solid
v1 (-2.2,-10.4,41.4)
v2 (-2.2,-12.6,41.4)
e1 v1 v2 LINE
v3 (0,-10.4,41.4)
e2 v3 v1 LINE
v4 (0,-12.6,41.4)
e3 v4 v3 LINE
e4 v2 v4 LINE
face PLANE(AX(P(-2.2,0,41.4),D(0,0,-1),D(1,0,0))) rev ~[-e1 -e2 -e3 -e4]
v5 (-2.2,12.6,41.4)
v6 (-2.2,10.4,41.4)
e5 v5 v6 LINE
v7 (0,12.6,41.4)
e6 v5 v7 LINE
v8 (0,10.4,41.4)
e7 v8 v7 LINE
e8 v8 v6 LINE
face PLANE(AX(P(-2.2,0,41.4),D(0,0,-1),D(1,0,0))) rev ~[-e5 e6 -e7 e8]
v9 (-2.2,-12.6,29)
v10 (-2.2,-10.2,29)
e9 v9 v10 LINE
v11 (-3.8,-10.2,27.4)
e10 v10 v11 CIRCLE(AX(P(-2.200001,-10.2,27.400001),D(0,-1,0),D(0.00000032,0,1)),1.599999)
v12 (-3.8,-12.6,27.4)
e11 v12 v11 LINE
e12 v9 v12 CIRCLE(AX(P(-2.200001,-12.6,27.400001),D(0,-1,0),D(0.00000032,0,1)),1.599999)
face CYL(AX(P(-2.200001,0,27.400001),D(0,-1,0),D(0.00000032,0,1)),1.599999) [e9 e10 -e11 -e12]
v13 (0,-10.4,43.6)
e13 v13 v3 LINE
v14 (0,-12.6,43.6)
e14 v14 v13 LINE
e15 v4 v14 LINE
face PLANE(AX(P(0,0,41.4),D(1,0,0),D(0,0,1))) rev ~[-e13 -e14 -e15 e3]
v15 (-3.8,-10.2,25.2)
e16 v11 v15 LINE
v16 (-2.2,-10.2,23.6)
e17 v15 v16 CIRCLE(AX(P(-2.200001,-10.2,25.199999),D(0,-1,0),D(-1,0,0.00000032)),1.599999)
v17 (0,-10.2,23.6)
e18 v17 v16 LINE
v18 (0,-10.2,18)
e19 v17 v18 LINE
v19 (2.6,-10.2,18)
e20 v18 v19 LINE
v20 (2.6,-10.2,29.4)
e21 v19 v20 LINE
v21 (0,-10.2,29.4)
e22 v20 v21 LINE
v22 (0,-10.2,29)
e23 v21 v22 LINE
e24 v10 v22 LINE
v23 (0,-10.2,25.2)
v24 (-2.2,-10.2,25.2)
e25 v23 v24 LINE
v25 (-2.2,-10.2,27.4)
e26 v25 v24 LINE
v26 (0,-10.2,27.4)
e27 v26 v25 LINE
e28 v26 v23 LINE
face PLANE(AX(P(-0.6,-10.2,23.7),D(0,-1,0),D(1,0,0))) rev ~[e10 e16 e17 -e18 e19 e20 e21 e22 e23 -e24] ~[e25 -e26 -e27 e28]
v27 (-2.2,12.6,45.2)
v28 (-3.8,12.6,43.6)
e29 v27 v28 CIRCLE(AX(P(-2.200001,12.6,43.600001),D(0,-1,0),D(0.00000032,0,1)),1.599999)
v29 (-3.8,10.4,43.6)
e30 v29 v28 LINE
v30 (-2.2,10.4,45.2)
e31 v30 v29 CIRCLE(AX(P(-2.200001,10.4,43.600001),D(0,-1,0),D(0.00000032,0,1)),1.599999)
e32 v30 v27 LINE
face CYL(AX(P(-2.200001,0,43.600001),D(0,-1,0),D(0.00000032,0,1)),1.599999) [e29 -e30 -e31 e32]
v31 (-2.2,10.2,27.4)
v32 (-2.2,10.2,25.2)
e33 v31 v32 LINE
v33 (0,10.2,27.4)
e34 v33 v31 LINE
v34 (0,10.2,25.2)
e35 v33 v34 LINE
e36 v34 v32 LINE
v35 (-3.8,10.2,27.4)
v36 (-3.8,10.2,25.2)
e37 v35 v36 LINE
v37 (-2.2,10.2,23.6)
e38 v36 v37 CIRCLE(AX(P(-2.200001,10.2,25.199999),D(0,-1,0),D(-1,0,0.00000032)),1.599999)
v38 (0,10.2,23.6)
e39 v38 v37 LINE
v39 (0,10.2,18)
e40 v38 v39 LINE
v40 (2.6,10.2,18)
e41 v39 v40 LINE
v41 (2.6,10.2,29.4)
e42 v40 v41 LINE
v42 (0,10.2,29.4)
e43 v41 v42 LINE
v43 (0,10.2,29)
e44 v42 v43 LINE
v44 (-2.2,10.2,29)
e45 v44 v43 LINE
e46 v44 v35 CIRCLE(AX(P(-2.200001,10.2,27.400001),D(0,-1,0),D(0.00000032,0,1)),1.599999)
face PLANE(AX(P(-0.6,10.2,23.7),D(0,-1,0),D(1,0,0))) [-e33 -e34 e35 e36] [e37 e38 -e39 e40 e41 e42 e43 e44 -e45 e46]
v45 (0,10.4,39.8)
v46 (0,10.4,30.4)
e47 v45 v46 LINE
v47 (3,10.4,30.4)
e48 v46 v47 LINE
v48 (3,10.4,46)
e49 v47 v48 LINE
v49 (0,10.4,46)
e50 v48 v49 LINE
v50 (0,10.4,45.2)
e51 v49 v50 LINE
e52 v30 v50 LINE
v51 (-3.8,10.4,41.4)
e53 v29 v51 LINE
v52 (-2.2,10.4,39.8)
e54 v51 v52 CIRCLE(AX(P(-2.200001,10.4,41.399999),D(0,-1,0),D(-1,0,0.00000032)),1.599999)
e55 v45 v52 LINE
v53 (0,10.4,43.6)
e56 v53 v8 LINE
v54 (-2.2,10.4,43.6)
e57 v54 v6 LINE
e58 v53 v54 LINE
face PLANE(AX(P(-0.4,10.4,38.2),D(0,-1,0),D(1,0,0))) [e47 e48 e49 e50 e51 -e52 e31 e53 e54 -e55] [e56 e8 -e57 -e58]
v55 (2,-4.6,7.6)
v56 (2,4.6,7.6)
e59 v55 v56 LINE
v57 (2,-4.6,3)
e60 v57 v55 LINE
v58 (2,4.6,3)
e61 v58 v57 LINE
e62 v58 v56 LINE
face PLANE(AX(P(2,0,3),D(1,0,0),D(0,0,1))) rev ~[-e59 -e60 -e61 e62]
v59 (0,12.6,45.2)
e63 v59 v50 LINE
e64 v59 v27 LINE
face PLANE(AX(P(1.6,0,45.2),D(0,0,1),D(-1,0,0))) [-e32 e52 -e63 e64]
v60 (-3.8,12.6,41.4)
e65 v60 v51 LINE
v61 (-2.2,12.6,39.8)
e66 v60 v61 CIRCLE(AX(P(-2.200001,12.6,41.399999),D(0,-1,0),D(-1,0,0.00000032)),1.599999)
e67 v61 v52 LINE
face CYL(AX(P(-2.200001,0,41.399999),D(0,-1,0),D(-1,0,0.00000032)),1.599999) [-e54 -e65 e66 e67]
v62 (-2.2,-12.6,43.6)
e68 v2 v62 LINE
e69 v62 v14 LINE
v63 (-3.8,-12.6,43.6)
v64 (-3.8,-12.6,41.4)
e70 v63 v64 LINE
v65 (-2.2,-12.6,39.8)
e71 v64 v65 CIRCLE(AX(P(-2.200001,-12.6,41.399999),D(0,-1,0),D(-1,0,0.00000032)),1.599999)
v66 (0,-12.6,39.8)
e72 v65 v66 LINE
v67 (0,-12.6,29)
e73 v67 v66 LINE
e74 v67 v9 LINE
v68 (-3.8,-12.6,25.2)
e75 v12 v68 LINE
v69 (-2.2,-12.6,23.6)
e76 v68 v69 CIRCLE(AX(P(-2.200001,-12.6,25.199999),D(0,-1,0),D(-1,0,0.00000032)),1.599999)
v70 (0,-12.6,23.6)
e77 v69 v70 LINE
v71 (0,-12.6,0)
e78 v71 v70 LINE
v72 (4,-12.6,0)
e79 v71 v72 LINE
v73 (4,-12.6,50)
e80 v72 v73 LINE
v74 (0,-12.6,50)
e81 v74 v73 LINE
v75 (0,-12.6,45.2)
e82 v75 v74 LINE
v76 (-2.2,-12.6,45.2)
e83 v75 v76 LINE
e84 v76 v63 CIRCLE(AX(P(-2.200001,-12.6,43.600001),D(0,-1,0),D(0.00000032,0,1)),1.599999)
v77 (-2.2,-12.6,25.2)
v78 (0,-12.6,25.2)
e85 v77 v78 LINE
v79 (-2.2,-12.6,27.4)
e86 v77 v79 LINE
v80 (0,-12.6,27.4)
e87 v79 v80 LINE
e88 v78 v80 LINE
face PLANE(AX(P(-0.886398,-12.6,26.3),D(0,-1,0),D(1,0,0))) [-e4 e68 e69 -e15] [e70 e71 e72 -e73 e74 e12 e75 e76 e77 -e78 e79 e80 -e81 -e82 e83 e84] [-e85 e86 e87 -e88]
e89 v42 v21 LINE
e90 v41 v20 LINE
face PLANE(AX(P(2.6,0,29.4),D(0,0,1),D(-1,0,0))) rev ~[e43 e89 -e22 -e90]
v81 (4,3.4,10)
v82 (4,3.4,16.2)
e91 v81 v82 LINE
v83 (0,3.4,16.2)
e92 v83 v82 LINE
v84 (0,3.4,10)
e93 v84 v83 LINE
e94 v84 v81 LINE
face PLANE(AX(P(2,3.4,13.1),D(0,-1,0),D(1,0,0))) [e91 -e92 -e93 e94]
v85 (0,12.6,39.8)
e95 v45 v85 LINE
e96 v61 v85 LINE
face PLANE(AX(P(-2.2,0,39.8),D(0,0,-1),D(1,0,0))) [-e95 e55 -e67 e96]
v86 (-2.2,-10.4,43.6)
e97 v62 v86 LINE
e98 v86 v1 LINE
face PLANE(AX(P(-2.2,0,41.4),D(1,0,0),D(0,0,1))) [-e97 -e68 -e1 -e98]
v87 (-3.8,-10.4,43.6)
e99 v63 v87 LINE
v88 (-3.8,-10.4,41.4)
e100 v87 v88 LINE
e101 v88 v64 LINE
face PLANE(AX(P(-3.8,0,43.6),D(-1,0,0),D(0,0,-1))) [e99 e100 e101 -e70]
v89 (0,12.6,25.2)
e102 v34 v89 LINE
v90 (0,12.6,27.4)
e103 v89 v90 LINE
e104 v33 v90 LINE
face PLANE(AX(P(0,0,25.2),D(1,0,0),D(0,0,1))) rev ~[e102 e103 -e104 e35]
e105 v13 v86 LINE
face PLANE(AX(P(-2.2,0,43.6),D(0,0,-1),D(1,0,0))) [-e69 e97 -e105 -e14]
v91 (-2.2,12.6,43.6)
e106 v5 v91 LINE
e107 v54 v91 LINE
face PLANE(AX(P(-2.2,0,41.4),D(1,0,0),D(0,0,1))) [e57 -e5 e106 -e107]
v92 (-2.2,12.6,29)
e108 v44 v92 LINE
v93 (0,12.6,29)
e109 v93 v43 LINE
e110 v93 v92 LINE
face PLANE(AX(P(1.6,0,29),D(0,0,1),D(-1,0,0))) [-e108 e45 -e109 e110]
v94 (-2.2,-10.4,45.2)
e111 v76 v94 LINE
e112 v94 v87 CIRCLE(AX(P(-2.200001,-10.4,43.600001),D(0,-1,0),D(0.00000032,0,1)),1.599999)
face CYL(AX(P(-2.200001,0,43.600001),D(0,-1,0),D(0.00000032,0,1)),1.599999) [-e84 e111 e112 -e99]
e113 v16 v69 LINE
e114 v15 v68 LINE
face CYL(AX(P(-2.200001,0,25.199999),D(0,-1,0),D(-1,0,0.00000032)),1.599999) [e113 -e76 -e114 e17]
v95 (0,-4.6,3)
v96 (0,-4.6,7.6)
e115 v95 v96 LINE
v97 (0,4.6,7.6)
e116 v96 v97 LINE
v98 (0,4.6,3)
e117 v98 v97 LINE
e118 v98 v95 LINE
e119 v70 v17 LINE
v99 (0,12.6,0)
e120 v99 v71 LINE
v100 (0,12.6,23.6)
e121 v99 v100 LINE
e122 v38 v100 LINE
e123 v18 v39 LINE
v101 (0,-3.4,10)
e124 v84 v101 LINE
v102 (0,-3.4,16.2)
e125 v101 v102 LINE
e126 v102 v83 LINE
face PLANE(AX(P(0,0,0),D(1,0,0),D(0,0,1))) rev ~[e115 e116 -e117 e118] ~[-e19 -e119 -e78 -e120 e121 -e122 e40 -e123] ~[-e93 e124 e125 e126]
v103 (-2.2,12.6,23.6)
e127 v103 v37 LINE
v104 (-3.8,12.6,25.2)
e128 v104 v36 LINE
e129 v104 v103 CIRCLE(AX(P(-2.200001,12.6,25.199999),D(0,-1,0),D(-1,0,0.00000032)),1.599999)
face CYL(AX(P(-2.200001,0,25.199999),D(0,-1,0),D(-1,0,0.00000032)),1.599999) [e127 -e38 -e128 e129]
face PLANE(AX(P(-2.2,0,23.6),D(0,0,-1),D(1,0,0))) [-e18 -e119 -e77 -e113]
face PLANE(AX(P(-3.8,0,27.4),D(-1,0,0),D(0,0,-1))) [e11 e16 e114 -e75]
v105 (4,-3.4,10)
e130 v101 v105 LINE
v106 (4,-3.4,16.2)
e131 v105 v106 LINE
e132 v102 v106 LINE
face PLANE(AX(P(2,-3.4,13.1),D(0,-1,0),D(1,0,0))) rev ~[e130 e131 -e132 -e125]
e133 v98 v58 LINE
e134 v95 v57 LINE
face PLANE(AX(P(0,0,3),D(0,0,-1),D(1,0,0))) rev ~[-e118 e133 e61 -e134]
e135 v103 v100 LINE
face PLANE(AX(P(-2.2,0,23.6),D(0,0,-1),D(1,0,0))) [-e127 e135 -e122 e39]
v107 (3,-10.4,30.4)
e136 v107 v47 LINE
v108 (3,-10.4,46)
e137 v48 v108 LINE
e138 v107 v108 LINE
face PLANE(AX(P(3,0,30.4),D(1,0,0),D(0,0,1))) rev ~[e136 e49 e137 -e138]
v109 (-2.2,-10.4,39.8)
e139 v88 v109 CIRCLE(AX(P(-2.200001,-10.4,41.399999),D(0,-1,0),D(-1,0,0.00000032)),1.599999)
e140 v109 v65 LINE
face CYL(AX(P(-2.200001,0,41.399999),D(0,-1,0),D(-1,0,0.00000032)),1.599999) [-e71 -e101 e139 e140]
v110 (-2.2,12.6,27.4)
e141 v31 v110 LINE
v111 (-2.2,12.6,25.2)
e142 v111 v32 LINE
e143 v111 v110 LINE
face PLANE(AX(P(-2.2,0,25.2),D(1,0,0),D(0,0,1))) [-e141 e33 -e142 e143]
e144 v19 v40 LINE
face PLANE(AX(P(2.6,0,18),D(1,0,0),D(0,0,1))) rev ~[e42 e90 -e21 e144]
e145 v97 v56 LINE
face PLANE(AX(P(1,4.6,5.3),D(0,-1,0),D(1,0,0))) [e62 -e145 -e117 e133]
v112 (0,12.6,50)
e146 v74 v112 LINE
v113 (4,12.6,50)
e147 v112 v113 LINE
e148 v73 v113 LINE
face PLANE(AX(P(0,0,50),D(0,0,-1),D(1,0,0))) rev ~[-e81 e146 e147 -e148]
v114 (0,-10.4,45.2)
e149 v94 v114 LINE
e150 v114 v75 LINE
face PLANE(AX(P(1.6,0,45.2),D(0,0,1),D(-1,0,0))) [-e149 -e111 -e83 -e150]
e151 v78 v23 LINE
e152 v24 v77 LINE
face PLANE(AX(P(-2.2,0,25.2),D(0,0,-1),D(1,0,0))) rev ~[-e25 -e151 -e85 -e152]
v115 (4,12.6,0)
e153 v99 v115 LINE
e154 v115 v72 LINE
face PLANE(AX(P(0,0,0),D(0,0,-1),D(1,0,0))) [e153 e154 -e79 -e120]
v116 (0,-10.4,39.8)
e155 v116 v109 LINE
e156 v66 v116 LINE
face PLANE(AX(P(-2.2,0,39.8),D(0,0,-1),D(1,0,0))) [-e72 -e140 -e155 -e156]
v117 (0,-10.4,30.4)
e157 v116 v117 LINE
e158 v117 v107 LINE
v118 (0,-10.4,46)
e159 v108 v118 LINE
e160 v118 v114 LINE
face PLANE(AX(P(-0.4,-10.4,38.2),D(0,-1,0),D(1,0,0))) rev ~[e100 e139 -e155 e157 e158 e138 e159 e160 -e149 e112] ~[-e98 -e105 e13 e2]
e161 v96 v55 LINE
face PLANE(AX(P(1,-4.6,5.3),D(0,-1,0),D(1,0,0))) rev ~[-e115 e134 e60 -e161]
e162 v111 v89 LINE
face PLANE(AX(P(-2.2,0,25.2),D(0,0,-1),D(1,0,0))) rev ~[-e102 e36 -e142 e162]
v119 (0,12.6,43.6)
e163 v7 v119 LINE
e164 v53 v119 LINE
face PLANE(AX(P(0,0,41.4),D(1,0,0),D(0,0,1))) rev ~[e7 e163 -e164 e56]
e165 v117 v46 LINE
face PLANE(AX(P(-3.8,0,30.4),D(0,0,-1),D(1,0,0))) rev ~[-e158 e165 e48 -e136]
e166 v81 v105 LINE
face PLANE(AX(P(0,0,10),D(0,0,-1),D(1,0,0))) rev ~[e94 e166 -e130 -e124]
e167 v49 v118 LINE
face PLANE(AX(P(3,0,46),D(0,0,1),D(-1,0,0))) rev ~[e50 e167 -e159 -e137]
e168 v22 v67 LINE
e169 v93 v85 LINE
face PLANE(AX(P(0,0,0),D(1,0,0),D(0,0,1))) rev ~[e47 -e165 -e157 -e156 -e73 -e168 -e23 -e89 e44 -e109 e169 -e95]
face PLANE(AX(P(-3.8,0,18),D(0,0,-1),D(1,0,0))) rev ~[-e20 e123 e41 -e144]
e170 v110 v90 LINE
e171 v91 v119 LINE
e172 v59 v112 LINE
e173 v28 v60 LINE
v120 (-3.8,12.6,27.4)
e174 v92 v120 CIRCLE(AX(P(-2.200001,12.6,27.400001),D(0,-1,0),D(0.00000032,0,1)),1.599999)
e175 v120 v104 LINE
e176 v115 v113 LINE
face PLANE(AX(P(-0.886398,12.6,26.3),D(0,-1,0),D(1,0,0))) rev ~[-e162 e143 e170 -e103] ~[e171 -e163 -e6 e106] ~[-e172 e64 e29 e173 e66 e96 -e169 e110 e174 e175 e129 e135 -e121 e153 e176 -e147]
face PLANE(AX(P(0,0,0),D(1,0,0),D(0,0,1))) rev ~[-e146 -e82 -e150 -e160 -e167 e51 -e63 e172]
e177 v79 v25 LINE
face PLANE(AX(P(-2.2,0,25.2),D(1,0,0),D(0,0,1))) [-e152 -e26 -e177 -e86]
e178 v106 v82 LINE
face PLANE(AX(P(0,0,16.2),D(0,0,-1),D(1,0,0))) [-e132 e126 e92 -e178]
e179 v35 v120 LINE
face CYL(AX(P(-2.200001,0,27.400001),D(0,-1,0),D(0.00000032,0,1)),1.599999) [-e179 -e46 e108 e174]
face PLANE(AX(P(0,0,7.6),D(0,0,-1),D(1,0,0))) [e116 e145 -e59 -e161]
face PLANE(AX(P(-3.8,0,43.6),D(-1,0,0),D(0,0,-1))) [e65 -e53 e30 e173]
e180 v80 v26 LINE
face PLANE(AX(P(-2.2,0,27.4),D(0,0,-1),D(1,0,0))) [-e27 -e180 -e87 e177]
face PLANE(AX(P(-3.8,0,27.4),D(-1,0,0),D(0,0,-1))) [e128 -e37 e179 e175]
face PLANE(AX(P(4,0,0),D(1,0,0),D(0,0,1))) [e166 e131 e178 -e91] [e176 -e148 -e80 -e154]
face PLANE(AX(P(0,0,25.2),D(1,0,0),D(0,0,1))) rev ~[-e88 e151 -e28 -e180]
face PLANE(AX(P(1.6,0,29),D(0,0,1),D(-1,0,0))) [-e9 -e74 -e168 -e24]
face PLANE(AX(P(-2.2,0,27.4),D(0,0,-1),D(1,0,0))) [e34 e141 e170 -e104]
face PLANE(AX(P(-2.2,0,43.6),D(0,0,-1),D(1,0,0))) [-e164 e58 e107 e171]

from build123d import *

# Parameters (mm, degrees)
SKETCH004_W      = 2
SKETCH004_H      = 4.6
EXTRUDE004_DEPTH = 4.6
SKETCH003_W      = 4
SKETCH003_H      = 6.2
EXTRUDE003_DEPTH = 3.4
EXTRUDE002_DEPTH = 10.2
EXTRUDE001_DEPTH = 10.4
SKETCH005_W      = 2.2
SKETCH005_H      = 2.2
EXTRUDE005_DEPTH = 12.6
SKETCH006_W      = 2.2
SKETCH006_H      = 2.2
EXTRUDE006_DEPTH = 12.6
SKETCH_W         = 4
SKETCH_H         = 50
EXTRUDE_DEPTH    = 12.6


with BuildPart() as extrude004_led:
    # Sketch004 → Extrude004 (new body, symmetric)
    with BuildSketch(Plane.XZ):
        with Locations((1, 5.3)):
            Rectangle(SKETCH004_W, SKETCH004_H)
    extrude(amount=EXTRUDE004_DEPTH, both=True)


with BuildPart() as extrude003_pulsante:
    # Sketch003 → Extrude003 (new body, symmetric)
    with BuildSketch(Plane.XZ):
        with Locations((2, 13.1)):
            Rectangle(SKETCH003_W, SKETCH003_H)
    extrude(amount=EXTRUDE003_DEPTH, both=True)


with BuildPart() as extrude002_step_down:
    # Sketch002 → Extrude002 (new body, symmetric)
    with BuildSketch(Plane.XZ):
        Polygon((0, 18), (2.6, 18), (2.6, 29.4), (0, 29.4), (-3.8, 29.4), (-3.8, 18), align=None)
    extrude(amount=EXTRUDE002_DEPTH, both=True)


with BuildPart() as extrude001_power_path:
    # Sketch001 → Extrude001 (new body, symmetric)
    with BuildSketch(Plane.XZ):
        Polygon((0, 30.4), (3, 30.4), (3, 46), (0, 46), (-3.8, 46), (-3.8, 30.4), align=None)
    extrude(amount=EXTRUDE001_DEPTH, both=True)


with BuildPart() as extrude005_fermo_power_path:
    # Sketch005 → Extrude005 (new body, symmetric)
    with BuildSketch(Plane.XZ):
        with BuildLine():
            Line((-3.8, 43.6), (-3.8, 41.4))
            ThreePointArc((-3.8, 41.4), (-3.331371, 40.268629), (-2.2, 39.8))
            Line((-2.2, 39.8), (1.6, 39.8))
            Line((1.6, 39.8), (1.6, 45.2))
            Line((1.6, 45.2), (-2.2, 45.2))
            ThreePointArc((-2.2, 45.2), (-3.331371, 44.731371), (-3.8, 43.6))
        make_face()
        with Locations((-1.1, 42.5)):
            Rectangle(SKETCH005_W, SKETCH005_H, mode=Mode.SUBTRACT)
    extrude(amount=EXTRUDE005_DEPTH, both=True)


with BuildPart() as extrude006_fermo_step_down:
    # Sketch006 → Extrude006 (new body, symmetric)
    with BuildSketch(Plane.XZ):
        with BuildLine():
            Line((-3.8, 27.4), (-3.8, 25.2))
            ThreePointArc((-3.8, 25.2), (-3.331371, 24.068629), (-2.2, 23.6))
            Line((-2.2, 23.6), (1.6, 23.6))
            Line((1.6, 23.6), (1.6, 29))
            Line((1.6, 29), (-2.2, 29))
            ThreePointArc((-2.2, 29), (-3.331371, 28.531371), (-3.8, 27.4))
        make_face()
        with Locations((-1.1, 26.3)):
            Rectangle(SKETCH006_W, SKETCH006_H, mode=Mode.SUBTRACT)
    extrude(amount=EXTRUDE006_DEPTH, both=True)


with BuildPart() as cut003:
    # Sketch → Extrude (new body, symmetric)
    with BuildSketch(Plane.XZ):
        with Locations((2, 25)):
            Rectangle(SKETCH_W, SKETCH_H)
    extrude(amount=EXTRUDE_DEPTH, both=True)

    # Fusion: union Extrude005 - fermo - power-path, Extrude006 - fermo - step-down
    add(extrude005_fermo_power_path.part)
    add(extrude006_fermo_step_down.part)

    # Cut: cut Extrude001 - power - path
    add(extrude001_power_path.part, mode=Mode.SUBTRACT)

    # Cut001: cut Extrude002 - step -down
    add(extrude002_step_down.part, mode=Mode.SUBTRACT)

    # Cut002: cut Extrude003 - pulsante
    add(extrude003_pulsante.part, mode=Mode.SUBTRACT)

    # Cut003: cut Extrude004 - led
    add(extrude004_led.part, mode=Mode.SUBTRACT)


solid = cut003.part
